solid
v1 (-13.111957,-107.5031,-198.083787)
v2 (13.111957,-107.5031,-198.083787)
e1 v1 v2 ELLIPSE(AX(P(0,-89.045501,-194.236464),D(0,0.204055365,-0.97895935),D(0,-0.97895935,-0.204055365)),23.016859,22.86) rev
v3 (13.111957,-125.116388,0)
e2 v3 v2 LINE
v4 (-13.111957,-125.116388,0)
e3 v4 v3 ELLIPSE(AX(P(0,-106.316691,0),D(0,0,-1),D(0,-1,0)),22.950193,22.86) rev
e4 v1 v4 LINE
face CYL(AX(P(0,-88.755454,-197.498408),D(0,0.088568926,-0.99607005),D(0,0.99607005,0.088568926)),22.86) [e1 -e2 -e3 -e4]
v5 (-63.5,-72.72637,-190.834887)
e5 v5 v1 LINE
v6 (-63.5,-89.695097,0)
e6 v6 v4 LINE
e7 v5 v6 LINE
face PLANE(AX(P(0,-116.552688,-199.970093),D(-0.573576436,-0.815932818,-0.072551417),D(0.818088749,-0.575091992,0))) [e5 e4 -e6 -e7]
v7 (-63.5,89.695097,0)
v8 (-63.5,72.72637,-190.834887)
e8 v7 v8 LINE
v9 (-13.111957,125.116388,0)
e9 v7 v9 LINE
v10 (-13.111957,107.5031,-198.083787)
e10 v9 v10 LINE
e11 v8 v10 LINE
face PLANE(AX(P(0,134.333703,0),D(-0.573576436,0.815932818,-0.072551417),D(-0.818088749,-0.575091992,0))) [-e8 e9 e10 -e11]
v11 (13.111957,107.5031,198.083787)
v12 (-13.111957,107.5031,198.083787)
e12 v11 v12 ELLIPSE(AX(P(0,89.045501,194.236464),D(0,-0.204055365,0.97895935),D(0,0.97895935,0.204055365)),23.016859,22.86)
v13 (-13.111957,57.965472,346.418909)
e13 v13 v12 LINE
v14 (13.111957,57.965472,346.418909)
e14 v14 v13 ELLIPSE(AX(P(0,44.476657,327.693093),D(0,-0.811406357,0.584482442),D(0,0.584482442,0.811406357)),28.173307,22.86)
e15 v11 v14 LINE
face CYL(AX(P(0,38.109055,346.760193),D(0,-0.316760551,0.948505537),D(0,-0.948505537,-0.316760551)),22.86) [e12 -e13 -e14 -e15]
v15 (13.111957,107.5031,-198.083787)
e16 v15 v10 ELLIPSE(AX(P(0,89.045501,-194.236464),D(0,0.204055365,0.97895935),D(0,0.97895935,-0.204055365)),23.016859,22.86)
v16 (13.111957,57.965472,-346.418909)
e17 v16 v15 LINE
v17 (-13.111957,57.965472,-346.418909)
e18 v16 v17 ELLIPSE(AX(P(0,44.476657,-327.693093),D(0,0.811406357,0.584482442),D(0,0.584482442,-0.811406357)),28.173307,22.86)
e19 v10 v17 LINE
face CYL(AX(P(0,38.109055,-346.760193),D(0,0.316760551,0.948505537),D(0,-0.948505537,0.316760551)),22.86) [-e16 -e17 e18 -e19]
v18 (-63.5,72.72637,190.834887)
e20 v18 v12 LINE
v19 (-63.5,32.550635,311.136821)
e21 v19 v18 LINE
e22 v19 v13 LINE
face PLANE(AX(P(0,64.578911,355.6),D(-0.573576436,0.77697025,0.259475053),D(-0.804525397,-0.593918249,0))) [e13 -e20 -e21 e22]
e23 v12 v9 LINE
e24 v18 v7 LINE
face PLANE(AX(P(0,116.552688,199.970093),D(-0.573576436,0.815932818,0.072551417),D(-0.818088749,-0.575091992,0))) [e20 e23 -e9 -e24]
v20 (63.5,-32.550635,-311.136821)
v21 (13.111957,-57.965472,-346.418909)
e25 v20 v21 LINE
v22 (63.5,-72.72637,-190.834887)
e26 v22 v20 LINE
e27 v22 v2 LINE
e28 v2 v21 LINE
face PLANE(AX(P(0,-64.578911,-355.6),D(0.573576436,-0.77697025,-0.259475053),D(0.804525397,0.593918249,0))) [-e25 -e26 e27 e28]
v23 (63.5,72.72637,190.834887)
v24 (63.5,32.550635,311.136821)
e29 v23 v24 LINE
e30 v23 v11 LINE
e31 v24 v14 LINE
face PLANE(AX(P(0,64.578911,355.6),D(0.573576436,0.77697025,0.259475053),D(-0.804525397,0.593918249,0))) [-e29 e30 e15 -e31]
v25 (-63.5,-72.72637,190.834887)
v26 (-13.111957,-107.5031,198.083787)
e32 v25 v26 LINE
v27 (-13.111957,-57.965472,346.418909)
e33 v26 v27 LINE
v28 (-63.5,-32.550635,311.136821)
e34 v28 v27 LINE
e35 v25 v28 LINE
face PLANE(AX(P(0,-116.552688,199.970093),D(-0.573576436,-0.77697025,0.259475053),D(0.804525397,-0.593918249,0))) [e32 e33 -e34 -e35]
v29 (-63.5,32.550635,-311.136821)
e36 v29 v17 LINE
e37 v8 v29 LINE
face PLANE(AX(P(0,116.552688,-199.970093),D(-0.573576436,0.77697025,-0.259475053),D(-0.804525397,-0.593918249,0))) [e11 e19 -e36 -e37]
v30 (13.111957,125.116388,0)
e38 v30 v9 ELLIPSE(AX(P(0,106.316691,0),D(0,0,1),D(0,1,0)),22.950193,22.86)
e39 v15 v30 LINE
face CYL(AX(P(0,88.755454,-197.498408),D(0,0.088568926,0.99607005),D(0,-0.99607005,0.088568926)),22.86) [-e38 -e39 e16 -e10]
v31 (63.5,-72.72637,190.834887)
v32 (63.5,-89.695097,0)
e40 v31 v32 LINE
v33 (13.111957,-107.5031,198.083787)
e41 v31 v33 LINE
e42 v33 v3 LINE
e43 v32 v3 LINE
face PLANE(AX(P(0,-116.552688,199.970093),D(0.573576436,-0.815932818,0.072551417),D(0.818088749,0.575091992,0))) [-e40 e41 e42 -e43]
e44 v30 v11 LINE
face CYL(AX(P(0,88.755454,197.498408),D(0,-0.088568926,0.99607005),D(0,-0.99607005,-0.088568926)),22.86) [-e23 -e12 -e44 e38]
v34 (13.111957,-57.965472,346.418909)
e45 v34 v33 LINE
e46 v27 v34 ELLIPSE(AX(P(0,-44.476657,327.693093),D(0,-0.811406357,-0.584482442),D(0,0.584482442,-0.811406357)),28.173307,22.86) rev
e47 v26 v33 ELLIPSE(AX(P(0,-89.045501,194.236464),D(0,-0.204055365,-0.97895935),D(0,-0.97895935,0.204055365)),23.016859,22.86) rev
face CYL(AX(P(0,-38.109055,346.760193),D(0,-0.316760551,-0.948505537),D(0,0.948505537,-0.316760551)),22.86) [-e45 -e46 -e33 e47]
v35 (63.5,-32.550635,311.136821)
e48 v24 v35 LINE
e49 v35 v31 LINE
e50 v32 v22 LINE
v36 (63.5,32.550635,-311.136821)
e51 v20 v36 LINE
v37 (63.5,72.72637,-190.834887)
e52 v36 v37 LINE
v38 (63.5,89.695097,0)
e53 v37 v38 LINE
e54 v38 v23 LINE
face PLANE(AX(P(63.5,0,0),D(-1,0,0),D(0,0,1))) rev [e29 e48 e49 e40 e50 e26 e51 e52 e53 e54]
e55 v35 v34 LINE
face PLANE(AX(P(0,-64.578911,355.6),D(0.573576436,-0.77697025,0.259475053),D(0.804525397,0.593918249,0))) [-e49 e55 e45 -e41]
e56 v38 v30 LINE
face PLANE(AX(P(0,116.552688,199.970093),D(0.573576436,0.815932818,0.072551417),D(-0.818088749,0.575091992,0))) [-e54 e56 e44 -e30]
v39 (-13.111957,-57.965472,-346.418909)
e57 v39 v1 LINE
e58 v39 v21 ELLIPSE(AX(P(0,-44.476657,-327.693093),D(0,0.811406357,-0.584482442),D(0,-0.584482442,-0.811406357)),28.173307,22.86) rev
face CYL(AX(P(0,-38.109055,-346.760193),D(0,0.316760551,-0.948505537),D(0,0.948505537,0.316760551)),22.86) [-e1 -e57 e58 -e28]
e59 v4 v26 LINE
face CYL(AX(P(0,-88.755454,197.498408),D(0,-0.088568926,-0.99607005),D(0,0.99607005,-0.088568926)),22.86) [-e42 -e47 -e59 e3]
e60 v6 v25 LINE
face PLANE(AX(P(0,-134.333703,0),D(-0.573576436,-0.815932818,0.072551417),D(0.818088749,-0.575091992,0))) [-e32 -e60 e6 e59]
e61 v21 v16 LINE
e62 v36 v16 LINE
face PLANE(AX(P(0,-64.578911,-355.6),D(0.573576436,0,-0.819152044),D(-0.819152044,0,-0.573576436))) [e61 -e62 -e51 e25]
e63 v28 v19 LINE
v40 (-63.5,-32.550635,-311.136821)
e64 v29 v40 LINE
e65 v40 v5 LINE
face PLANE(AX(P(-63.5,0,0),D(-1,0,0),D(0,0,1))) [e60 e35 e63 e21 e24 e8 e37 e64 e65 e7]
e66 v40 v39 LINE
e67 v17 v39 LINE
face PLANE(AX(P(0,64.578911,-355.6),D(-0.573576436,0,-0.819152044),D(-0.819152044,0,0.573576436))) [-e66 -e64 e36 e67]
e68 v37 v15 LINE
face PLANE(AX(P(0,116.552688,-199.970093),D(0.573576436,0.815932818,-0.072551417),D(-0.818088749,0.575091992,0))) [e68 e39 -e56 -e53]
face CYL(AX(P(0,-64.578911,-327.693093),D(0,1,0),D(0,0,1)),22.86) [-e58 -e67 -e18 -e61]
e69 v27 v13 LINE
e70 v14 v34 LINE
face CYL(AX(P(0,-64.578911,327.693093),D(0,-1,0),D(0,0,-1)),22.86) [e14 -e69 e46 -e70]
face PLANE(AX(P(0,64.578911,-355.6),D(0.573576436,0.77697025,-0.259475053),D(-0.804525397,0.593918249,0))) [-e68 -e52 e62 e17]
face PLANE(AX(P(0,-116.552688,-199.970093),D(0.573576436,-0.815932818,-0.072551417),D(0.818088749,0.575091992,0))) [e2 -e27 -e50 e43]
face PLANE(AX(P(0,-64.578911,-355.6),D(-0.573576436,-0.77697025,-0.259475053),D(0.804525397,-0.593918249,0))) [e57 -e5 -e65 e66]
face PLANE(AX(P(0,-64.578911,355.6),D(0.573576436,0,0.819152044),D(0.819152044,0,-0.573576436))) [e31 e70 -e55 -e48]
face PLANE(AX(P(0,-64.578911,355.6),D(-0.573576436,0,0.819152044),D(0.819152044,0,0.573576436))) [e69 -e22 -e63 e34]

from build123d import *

# Parameters (mm, degrees)
BOSS_EXTRUDE1_DEPTH = 63.5
BOSS_EXTRUDE1_TAPER = 35
BOSS_EXTRUDE2_DEPTH = 63.5
BOSS_EXTRUDE2_TAPER = 35
FILLET1_R           = 22.86


with BuildPart() as part:
    # Sketch2 → Boss-Extrude1 (new body)
    with BuildSketch(Plane(origin=(0, 0, 0), x_dir=(0, 0, -1), z_dir=(1, 0, 0))):
        Polygon((-355.6, -64.578911313), (-199.970092798, -116.552688172), (0, -134.333703051), (199.970092798, -116.552688172), (355.6, -64.578911313), (355.6, 64.578911313), (199.970092798, 116.552688172), (0, 134.333703051), (-199.970092798, 116.552688172), (-355.6, 64.578911313), align=None)
    extrude(amount=BOSS_EXTRUDE1_DEPTH, taper=BOSS_EXTRUDE1_TAPER)

    # Sketch3 → Boss-Extrude2 (add)
    with BuildSketch(Plane.ZY):
        Polygon((0, 134.333703051), (-199.970092798, 116.552688172), (-355.6, 64.578911313), (-355.6, -64.578911313), (-199.970092798, -116.552688172), (0, -134.333703051), (199.970092798, -116.552688172), (355.6, -64.578911313), (355.6, 64.578911313), (199.970092798, 116.552688172), align=None)
    extrude(amount=BOSS_EXTRUDE2_DEPTH, taper=BOSS_EXTRUDE2_TAPER)

    # Fillet1
    fillet1_edges = [part.edges().sort_by_distance(p)[0] for p in [
        (0, 90.565799742, -277.785046399),
        (0, 0, -355.6),
        (0, -90.565799742, -277.785046399),
        (0, -125.443195612, -99.985046399),
        (0, -125.443195612, 99.985046399),
        (0, -90.565799742, 277.785046399),
        (0, 0, 355.6),
        (0, 90.565799742, 277.785046399),
        (0, 125.443195612, 99.985046399),
        (0, 125.443195612, -99.985046399),
    ]]
    fillet(fillet1_edges, radius=FILLET1_R)


solid = part.part
